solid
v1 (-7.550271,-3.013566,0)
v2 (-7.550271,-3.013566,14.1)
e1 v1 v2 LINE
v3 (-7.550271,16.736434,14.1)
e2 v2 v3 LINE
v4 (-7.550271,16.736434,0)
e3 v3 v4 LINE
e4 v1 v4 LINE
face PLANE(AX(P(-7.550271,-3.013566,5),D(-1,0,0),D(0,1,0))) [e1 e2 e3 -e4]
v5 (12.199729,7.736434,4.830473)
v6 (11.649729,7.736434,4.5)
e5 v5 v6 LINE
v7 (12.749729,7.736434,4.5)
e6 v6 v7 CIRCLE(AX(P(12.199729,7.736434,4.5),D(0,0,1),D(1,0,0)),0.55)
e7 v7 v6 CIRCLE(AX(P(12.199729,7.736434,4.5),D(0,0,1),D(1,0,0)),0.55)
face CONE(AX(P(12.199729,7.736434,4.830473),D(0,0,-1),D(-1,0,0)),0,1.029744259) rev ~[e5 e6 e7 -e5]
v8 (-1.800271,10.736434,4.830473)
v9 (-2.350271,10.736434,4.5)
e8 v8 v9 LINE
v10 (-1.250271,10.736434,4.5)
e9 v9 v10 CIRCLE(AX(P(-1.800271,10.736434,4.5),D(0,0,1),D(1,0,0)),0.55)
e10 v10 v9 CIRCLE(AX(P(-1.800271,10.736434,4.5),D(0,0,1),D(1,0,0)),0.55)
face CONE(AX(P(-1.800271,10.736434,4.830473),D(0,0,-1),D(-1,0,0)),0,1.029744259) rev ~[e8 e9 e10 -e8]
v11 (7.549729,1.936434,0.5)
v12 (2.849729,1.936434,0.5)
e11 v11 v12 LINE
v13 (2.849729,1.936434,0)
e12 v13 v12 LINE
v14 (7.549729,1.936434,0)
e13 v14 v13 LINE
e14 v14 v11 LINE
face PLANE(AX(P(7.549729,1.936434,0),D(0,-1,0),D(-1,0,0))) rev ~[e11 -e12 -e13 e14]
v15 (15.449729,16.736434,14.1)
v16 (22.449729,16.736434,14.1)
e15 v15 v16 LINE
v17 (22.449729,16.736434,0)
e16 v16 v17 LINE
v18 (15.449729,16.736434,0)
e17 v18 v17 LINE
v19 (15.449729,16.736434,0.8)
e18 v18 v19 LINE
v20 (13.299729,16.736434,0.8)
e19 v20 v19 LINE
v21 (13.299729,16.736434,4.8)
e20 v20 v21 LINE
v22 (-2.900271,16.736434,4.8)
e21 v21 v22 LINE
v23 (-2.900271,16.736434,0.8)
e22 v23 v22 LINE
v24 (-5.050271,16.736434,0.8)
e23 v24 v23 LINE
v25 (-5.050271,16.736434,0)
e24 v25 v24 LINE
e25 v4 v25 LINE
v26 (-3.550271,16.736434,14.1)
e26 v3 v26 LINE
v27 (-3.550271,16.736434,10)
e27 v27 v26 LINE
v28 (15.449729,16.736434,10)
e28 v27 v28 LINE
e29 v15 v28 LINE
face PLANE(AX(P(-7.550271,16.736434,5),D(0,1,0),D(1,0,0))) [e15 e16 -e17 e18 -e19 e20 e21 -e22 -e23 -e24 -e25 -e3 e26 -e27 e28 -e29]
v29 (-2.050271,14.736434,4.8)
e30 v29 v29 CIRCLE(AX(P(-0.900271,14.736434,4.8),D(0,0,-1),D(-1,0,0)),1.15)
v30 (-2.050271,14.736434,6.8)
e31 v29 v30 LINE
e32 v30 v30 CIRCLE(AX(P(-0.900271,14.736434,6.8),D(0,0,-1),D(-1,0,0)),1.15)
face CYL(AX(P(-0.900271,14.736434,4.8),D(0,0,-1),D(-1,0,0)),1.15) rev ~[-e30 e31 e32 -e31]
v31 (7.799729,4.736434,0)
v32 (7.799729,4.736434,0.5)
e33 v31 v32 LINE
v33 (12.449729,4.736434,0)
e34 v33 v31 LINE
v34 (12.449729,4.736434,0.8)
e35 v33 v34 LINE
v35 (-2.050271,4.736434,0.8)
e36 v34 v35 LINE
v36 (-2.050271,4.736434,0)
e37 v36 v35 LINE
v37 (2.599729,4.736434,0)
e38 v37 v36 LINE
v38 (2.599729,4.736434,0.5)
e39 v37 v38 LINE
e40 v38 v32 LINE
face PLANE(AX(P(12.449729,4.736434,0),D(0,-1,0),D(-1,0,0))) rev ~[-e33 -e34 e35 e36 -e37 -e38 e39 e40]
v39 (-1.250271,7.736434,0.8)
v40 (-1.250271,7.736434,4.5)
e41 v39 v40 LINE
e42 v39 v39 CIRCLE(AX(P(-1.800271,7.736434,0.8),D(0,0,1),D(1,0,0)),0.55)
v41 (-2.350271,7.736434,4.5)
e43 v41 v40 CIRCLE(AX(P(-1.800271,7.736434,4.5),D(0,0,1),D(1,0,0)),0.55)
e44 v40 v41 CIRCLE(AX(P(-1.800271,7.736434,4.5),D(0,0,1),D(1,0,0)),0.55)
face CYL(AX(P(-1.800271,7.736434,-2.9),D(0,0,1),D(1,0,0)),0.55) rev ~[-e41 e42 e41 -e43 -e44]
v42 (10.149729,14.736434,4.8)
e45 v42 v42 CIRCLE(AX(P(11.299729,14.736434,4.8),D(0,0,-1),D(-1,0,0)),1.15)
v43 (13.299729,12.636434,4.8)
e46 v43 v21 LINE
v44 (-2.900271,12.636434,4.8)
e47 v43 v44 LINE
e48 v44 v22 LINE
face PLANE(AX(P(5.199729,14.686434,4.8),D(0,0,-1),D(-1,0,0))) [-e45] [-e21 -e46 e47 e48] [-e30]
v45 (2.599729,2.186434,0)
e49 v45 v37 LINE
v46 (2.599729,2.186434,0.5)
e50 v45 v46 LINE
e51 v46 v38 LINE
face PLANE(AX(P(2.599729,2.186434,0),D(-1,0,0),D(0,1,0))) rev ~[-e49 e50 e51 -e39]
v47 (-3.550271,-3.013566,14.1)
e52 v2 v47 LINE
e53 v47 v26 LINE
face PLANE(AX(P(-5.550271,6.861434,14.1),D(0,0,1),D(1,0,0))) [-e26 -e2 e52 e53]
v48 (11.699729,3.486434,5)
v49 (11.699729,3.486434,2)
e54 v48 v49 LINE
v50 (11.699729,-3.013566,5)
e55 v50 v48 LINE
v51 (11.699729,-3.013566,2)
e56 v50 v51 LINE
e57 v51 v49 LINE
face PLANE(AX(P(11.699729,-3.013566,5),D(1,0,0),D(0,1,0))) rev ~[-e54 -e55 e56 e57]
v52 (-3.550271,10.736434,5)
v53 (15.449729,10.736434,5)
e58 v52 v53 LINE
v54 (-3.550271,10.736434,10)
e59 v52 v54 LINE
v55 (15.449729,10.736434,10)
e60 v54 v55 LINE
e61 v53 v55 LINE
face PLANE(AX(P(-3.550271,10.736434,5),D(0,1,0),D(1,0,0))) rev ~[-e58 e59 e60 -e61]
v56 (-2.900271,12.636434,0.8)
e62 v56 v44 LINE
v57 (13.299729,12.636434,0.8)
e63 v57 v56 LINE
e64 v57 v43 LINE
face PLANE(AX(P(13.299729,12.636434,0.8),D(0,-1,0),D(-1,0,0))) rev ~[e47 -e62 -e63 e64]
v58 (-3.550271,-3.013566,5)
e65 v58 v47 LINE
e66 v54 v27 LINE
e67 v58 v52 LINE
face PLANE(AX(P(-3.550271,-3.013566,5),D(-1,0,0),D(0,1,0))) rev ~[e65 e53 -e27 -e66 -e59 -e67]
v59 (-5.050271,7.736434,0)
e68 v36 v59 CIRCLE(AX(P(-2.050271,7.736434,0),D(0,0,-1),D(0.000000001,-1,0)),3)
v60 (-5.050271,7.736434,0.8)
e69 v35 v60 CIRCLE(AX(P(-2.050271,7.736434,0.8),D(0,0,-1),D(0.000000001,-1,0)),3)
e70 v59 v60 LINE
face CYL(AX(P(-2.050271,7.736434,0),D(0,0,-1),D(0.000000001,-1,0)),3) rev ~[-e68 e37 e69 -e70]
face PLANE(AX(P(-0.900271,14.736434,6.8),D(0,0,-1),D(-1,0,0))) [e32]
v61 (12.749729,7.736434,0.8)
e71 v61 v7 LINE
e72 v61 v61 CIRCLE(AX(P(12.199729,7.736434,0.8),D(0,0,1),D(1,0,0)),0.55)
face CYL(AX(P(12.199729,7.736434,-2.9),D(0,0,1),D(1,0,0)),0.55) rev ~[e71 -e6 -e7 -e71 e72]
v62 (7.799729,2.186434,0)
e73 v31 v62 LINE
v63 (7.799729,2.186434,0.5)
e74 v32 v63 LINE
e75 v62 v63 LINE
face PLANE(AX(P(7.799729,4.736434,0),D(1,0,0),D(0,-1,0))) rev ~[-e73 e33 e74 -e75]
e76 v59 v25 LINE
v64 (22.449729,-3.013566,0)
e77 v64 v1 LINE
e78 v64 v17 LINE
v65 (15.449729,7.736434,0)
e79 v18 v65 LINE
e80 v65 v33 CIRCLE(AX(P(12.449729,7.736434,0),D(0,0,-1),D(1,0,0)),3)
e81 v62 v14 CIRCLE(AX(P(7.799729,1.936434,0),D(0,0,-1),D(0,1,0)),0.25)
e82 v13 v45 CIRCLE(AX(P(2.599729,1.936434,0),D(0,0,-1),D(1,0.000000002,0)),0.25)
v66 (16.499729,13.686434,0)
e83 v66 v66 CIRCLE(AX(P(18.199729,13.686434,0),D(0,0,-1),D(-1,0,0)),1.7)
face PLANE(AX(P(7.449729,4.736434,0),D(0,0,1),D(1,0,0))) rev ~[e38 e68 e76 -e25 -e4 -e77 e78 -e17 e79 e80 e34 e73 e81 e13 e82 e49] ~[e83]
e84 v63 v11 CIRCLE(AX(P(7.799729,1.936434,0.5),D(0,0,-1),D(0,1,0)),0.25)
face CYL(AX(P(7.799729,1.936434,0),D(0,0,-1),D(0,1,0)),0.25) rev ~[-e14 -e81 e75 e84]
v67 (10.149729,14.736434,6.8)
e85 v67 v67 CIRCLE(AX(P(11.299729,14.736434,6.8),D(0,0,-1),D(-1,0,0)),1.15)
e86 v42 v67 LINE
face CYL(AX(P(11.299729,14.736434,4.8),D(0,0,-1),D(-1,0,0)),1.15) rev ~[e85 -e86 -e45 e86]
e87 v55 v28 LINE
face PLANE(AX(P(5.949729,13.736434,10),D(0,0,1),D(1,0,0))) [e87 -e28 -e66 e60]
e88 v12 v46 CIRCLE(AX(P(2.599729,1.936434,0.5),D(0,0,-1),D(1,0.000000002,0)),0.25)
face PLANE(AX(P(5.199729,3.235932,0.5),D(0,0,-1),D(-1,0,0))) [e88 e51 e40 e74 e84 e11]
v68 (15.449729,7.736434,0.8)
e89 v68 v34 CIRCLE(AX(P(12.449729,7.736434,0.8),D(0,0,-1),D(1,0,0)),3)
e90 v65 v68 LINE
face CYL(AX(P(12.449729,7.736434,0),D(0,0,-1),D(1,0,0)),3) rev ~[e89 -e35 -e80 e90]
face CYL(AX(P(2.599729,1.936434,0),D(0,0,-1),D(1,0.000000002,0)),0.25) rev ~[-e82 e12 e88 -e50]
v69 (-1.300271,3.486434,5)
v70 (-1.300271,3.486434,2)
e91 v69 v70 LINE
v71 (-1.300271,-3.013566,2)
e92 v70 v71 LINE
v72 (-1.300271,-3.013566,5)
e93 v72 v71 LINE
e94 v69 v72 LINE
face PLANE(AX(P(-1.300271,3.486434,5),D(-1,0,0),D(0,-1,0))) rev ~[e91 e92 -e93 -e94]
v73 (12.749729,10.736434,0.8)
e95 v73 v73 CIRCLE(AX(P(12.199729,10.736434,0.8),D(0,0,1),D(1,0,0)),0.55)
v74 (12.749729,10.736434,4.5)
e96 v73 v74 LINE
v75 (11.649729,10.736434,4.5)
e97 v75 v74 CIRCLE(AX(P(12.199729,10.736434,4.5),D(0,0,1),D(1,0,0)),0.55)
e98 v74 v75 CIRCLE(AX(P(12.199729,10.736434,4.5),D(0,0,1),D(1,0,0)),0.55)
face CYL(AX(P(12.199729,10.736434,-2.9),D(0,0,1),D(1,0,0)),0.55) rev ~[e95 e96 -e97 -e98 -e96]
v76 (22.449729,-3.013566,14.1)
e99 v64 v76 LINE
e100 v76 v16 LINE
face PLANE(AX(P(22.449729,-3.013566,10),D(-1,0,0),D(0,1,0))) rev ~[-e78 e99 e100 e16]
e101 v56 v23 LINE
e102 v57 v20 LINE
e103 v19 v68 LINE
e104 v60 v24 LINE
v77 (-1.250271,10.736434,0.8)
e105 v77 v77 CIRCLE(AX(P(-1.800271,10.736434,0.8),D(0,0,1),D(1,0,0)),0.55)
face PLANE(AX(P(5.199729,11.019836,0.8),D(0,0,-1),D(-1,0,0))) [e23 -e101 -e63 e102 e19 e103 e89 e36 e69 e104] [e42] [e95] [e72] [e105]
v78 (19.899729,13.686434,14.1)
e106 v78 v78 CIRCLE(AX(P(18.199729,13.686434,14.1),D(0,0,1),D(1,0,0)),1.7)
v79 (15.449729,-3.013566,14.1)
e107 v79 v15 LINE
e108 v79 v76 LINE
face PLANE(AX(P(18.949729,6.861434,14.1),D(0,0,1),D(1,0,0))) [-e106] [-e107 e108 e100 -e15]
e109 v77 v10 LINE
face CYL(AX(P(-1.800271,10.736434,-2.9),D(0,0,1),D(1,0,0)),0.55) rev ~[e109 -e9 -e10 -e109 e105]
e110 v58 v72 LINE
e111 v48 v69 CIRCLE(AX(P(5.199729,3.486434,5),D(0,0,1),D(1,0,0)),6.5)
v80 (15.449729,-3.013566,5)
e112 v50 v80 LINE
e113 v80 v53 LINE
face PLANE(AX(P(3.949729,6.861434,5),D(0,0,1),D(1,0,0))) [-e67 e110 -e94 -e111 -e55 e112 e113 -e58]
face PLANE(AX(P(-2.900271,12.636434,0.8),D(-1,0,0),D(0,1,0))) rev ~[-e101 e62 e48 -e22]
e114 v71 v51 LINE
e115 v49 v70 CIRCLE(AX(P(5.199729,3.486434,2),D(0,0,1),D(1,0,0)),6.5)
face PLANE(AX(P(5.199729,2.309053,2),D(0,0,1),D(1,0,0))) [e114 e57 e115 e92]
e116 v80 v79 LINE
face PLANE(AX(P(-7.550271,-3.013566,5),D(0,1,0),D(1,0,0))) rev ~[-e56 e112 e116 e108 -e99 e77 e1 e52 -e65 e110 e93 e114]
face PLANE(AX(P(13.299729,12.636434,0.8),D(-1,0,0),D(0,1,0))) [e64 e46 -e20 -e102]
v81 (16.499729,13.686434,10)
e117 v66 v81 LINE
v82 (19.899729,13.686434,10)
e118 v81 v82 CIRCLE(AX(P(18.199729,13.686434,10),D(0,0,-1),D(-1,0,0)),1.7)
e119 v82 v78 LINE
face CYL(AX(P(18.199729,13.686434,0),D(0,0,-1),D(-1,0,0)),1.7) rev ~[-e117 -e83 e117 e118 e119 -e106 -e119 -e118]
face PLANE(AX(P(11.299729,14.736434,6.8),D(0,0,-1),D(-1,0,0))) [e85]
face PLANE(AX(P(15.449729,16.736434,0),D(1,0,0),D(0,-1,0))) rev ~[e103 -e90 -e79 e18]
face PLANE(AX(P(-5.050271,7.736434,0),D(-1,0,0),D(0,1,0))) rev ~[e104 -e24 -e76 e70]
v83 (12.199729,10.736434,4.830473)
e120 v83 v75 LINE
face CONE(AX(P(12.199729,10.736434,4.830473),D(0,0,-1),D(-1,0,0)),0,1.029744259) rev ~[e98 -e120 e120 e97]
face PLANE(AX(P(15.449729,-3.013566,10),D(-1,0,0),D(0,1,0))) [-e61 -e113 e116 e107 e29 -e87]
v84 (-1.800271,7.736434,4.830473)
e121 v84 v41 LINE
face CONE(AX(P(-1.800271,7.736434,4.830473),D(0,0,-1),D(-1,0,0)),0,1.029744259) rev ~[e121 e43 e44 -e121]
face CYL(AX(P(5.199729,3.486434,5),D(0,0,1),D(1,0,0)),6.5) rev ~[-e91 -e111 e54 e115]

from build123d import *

# Parameters (mm, degrees)
SKETCH_1_W           = 30
SKETCH_1_H           = 24
EXTRUDE_1_DEPTH      = 10
CUT_EXTRUDE_2_DEPTH  = 0.8
M1_4X0_3_2_D         = 1.1
M1_4X0_3_2_DEPTH     = 3.7
M1_4X0_3_2_TIP       = 0.33047334
CUT_EXTRUDE_4_DEPTH  = 0.5
SKETCH_12_W          = 30
SKETCH_12_H          = 4.25
CUT_EXTRUDE_5_DEPTH  = 10
SKETCH_13_R          = 1.7
CUT_EXTRUDE_6_DEPTH  = 10
SKETCH_14_W          = 23
SKETCH_14_H          = 19.75
CUT_EXTRUDE_7_DEPTH  = 5
CUT_EXTRUDE_9_DEPTH  = 3
SKETCH_20_W          = 7
SKETCH_20_H          = 19.75
SKETCH_20_R          = 1.7
EXTRUDE_3_DEPTH      = 4.1
SKETCH_23_W          = 4
SKETCH_23_H          = 19.75
EXTRUDE_4_DEPTH      = 9.1
SKETCH_24_W          = 16.2
SKETCH_24_H          = 4.1
CUT_EXTRUDE_10_DEPTH = 4
SKETCH_25_W          = 19
SKETCH_25_H          = 6
EXTRUDE_6_DEPTH      = 5
SKETCH_28_R          = 1.15
CUT_EXTRUDE_12_DEPTH = 2


with BuildPart() as part:
    # 草图1 → 凸台-拉伸1 (new body)
    with BuildSketch(Plane.XY):
        with Locations((7.449728974, 4.736434109)):
            Rectangle(SKETCH_1_W, SKETCH_1_H)
    extrude(amount=EXTRUDE_1_DEPTH)

    # 草图2 → 切除-拉伸2 (cut)
    with BuildSketch(Plane(origin=(0, 0, 0), x_dir=(-1, 0, 0), z_dir=(0, 0, -1))):
        with BuildLine():
            Line((5.050271026, 16.736434109), (-15.449728974, 16.736434109))
            Line((-15.449728974, 16.736434109), (-15.449728974, 7.736434109))
            ThreePointArc((-15.449728974, 7.736434109), (-14.571049317, 5.615113765), (-12.449728974, 4.736434109))
            Line((-12.449728974, 4.736434109), (2.050271026, 4.736434109))
            ThreePointArc((2.050271026, 4.736434109), (4.17159137, 5.615113765), (5.050271026, 7.736434109))
            Line((5.050271026, 7.736434109), (5.050271026, 16.736434109))
        make_face()
    extrude(amount=-CUT_EXTRUDE_2_DEPTH, mode=Mode.SUBTRACT)

    # M1.4x0.3 螺纹孔2
    with Locations(Plane(origin=(0, 0, 0.8), x_dir=(-1, 0, 0), z_dir=(0, 0, -1))):
        with Locations((-12.199728974, 10.736434109), (1.800271026, 10.736434109), (-12.199728974, 7.736434109), (1.800271026, 7.736434109)):
            Hole(M1_4X0_3_2_D / 2, depth=M1_4X0_3_2_DEPTH)
            with Locations((0, 0, -(M1_4X0_3_2_DEPTH + M1_4X0_3_2_TIP / 2))):  # 118° drill point
                Cone(0, M1_4X0_3_2_D / 2, M1_4X0_3_2_TIP, mode=Mode.SUBTRACT)

    # 草图11 → 切除-拉伸4 (cut)
    with BuildSketch(Plane(origin=(0, 0, 0), x_dir=(-1, 0, 0), z_dir=(0, 0, -1))):
        with BuildLine():
            Line((-7.549728974, 1.936434109), (-2.849728974, 1.936434109))
            ThreePointArc((-2.849728974, 1.936434109), (-2.422952278, 1.759657413), (-2.599728974, 2.186434109))
            Line((-2.599728974, 2.186434109), (-2.599728974, 4.736434109))
            Line((-2.599728974, 4.736434109), (-7.799728974, 4.736434109))
            Line((-7.799728974, 4.736434109), (-7.799728974, 2.186434109))
            ThreePointArc((-7.799728974, 2.186434109), (-7.976505669, 1.759657413), (-7.549728974, 1.936434109))
        make_face()
    extrude(amount=-CUT_EXTRUDE_4_DEPTH, mode=Mode.SUBTRACT)

    # 草图12 → 切除-拉伸5 (cut)
    with BuildSketch(Plane(origin=(0, 0, 0), x_dir=(-1, 0, 0), z_dir=(0, 0, -1))):
        with Locations((-7.449728974, -5.138565891)):
            Rectangle(SKETCH_12_W, SKETCH_12_H)
    extrude(amount=-CUT_EXTRUDE_5_DEPTH, mode=Mode.SUBTRACT)

    # 草图13 → 切除-拉伸6 (cut)
    with BuildSketch(Plane(origin=(0, 0, 0), x_dir=(-1, 0, 0), z_dir=(0, 0, -1))):
        with Locations((-18.199728974, 13.686434109)):
            Circle(SKETCH_13_R)
    extrude(amount=-CUT_EXTRUDE_6_DEPTH, mode=Mode.SUBTRACT)

    # 草图14 → 切除-拉伸7 (cut)
    with BuildSketch(Plane.XY.offset(10)):
        with Locations((3.949728974, 6.861434109)):
            Rectangle(SKETCH_14_W, SKETCH_14_H)
    extrude(amount=-CUT_EXTRUDE_7_DEPTH, mode=Mode.SUBTRACT)

    # 草图16 → 切除-拉伸9 (cut)
    with BuildSketch(Plane.XY.offset(5)):
        with BuildLine():
            Line((-1.300271026, -3.013565891), (11.699728974, -3.013565891))
            Line((11.699728974, -3.013565891), (11.699728974, 3.486434109))
            ThreePointArc((11.699728974, 3.486434109), (5.199728974, 9.986434109), (-1.300271026, 3.486434109))
            Line((-1.300271026, 3.486434109), (-1.300271026, -3.013565891))
        make_face()
    extrude(amount=-CUT_EXTRUDE_9_DEPTH, mode=Mode.SUBTRACT)

    # 草图20 → 凸台-拉伸3 (add)
    with BuildSketch(Plane.XY.offset(10)):
        with Locations((18.949728974, 6.861434109)):
            Rectangle(SKETCH_20_W, SKETCH_20_H)
        with Locations((18.199728974, 13.686434109)):
            Circle(SKETCH_20_R, mode=Mode.SUBTRACT)
    extrude(amount=EXTRUDE_3_DEPTH)

    # 草图23 → 凸台-拉伸4 (add)
    with BuildSketch(Plane.XY.offset(5)):
        with Locations((-5.550271026, 6.861434109)):
            Rectangle(SKETCH_23_W, SKETCH_23_H)
    extrude(amount=EXTRUDE_4_DEPTH)

    # 草图24 → 切除-拉伸10 (cut)
    with BuildSketch(Plane(origin=(0, 0, 0.8), x_dir=(-1, 0, 0), z_dir=(0, 0, -1))):
        with Locations((-5.199728974, 14.686434109)):
            Rectangle(SKETCH_24_W, SKETCH_24_H)
    extrude(amount=-CUT_EXTRUDE_10_DEPTH, mode=Mode.SUBTRACT)

    # 草图25 → 凸台-拉伸6 (add)
    with BuildSketch(Plane.XY.offset(5)):
        with Locations((5.949728974, 13.736434109)):
            Rectangle(SKETCH_25_W, SKETCH_25_H)
    extrude(amount=EXTRUDE_6_DEPTH)

    # 草图28 → 切除-拉伸12 (cut)
    with BuildSketch(Plane(origin=(0, 0, 4.8), x_dir=(-1, 0, 0), z_dir=(0, 0, -1))):
        with Locations((-11.299728974, 14.736434109)):
            Circle(SKETCH_28_R)
        with Locations((0.900271026, 14.736434109)):
            Circle(SKETCH_28_R)
    extrude(amount=-CUT_EXTRUDE_12_DEPTH, mode=Mode.SUBTRACT)


solid = part.part
